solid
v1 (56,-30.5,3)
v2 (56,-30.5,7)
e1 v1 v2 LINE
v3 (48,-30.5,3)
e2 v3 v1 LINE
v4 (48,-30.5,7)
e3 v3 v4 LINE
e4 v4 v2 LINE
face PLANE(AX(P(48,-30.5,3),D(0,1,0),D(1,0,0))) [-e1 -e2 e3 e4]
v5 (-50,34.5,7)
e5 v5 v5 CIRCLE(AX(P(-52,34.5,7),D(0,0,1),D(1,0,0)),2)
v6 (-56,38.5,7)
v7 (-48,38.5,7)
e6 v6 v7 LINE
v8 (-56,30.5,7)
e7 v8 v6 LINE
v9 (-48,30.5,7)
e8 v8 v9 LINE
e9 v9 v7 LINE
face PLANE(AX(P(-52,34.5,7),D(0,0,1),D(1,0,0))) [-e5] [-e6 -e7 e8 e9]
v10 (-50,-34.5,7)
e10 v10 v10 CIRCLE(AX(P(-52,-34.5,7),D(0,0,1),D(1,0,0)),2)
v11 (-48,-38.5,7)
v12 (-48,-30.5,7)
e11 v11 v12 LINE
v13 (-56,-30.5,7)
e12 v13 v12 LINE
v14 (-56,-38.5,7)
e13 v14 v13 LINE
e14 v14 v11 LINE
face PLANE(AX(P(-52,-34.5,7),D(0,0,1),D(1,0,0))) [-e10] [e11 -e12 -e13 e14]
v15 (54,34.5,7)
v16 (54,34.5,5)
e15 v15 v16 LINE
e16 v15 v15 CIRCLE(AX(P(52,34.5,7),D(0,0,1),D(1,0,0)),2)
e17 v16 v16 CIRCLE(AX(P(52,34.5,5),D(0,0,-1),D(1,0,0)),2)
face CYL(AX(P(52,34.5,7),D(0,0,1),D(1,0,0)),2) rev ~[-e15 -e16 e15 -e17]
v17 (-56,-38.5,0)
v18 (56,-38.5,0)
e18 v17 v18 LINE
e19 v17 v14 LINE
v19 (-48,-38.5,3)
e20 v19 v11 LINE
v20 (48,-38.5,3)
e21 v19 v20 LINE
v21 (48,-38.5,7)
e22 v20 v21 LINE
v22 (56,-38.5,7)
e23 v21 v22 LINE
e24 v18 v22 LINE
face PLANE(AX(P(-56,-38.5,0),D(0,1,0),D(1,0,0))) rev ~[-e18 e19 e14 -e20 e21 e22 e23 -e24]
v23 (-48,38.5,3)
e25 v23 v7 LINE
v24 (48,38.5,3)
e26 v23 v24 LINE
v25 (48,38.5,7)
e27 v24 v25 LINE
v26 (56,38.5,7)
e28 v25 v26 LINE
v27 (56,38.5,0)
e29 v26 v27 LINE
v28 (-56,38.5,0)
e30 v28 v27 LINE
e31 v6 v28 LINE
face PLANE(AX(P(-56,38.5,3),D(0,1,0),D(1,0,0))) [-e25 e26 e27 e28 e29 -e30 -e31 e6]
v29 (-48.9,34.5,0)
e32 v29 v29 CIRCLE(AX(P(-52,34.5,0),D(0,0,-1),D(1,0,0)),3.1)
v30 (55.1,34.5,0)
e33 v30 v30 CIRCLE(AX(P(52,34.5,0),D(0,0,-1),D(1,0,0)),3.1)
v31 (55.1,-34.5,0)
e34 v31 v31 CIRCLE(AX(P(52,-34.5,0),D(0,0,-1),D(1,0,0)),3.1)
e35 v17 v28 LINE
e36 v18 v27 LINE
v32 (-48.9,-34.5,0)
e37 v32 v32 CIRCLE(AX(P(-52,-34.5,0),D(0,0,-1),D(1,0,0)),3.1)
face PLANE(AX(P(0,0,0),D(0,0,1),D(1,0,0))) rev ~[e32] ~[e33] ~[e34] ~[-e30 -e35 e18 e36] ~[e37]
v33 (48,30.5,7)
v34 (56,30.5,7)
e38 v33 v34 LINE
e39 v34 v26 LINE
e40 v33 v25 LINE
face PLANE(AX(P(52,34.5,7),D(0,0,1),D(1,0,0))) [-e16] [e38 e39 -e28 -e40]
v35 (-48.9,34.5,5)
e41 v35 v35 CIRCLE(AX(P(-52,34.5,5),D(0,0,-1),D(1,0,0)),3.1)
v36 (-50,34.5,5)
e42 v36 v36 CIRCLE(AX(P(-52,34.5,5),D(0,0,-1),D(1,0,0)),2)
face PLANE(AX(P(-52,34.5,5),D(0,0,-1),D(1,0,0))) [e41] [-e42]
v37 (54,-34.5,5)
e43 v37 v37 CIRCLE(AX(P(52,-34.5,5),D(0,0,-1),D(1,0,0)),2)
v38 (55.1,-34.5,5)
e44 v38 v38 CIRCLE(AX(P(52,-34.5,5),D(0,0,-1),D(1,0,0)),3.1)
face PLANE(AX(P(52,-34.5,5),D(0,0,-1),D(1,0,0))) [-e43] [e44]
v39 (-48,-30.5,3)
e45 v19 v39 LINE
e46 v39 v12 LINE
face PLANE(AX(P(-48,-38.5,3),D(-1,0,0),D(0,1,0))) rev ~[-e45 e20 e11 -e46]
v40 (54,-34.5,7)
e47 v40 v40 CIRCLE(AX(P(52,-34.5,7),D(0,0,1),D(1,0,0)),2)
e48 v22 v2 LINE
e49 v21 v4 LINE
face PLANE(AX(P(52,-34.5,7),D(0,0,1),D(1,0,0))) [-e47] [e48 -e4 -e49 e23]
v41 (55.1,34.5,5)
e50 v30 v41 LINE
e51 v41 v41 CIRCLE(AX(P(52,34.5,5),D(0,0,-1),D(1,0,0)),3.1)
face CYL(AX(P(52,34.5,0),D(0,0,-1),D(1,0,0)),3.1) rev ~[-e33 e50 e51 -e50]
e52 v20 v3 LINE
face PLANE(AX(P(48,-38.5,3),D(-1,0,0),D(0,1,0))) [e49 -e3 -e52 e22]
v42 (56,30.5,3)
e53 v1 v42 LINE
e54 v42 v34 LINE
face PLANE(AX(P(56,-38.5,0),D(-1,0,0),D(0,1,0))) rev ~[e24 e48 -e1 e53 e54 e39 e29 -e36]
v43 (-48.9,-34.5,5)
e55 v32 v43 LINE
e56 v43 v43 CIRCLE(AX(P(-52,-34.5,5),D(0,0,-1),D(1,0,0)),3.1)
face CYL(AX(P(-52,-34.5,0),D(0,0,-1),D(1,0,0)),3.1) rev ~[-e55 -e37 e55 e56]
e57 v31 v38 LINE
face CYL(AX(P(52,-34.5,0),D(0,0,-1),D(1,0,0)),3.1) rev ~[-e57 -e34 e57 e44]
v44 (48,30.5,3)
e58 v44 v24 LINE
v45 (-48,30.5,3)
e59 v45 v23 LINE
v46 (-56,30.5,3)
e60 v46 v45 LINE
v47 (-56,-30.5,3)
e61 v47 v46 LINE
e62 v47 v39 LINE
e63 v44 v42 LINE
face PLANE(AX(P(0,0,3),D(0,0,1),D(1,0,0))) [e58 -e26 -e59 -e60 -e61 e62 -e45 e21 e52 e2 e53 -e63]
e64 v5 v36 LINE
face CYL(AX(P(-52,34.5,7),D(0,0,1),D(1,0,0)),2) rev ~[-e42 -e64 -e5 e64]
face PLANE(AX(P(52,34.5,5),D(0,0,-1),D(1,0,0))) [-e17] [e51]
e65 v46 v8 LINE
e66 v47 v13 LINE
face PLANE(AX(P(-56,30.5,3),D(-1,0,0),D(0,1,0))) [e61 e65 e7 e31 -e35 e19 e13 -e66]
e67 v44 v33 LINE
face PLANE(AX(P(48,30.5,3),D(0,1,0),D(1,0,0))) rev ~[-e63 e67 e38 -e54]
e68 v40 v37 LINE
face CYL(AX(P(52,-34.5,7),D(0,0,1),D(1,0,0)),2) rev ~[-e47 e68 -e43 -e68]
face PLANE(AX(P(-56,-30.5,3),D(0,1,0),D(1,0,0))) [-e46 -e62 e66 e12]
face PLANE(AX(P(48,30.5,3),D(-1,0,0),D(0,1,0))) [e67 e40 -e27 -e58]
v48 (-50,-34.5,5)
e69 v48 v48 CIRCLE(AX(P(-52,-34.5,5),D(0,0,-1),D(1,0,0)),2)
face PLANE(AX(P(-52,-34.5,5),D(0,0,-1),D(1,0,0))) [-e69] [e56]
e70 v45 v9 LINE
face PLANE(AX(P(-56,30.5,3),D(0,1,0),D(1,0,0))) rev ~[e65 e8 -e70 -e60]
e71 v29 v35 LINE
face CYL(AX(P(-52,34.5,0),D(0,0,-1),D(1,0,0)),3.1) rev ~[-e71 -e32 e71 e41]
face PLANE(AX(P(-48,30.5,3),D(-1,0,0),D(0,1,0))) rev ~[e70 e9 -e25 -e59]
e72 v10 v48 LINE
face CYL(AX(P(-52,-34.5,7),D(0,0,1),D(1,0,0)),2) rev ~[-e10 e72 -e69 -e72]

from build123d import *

# Parameters (mm, degrees)
F0_W     = 112
F0_H     = 77
F1_DEPTH = 3
F2_W     = 8
F2_H     = 8
F3_DEPTH = 4
F4_R     = 2
F5_DEPTH = 25.4
F6_R     = 3.1
F6_R_2   = 2
F7_DEPTH = 5


with BuildPart() as f1:
    # F0 (on Top) → F1 (new body)
    with BuildSketch(Plane.XY):
        Rectangle(F0_W, F0_H)
    extrude(amount=F1_DEPTH)

    # F2 (on face) → F3 (join)
    with BuildSketch(Plane.XY.offset(3)):
        with Locations((-52, 34.5)):
            Rectangle(F2_W, F2_H)
        with Locations((-52, -34.5)):
            Rectangle(F2_W, F2_H)
        with Locations((52, -34.5)):
            Rectangle(F2_W, F2_H)
        with Locations((52, 34.5)):
            Rectangle(F2_W, F2_H)
    extrude(amount=F3_DEPTH)

    # F4 (on face) → F5 (cut)
    with BuildSketch(Plane.XY.offset(7)):
        with Locations((-52, 34.5)):
            Circle(F4_R)
        with Locations((52, 34.5)):
            Circle(F4_R)
        with Locations((-52, -34.5)):
            Circle(F4_R)
        with Locations((52, -34.5)):
            Circle(F4_R)
    extrude(amount=-F5_DEPTH, mode=Mode.SUBTRACT)

    # F6 (on face) → F7 (cut)
    with BuildSketch(Plane(origin=(0, 0, 0), x_dir=(1, 0, 0), z_dir=(0, 0, -1))):
        with Locations((-52, 34.5)):
            Circle(F6_R)
        with Locations((-52, 34.5)):
            Circle(F6_R_2, mode=Mode.SUBTRACT)
        with Locations((52, 34.5)):
            Circle(F6_R)
        with Locations((52, 34.5)):
            Circle(F6_R_2, mode=Mode.SUBTRACT)
        with Locations((52, -34.5)):
            Circle(F6_R)
        with Locations((52, -34.5)):
            Circle(F6_R_2, mode=Mode.SUBTRACT)
        with Locations((-52, -34.5)):
            Circle(F6_R)
        with Locations((-52, -34.5)):
            Circle(F6_R_2, mode=Mode.SUBTRACT)
    extrude(amount=-F7_DEPTH, mode=Mode.SUBTRACT)


solid = f1.part
